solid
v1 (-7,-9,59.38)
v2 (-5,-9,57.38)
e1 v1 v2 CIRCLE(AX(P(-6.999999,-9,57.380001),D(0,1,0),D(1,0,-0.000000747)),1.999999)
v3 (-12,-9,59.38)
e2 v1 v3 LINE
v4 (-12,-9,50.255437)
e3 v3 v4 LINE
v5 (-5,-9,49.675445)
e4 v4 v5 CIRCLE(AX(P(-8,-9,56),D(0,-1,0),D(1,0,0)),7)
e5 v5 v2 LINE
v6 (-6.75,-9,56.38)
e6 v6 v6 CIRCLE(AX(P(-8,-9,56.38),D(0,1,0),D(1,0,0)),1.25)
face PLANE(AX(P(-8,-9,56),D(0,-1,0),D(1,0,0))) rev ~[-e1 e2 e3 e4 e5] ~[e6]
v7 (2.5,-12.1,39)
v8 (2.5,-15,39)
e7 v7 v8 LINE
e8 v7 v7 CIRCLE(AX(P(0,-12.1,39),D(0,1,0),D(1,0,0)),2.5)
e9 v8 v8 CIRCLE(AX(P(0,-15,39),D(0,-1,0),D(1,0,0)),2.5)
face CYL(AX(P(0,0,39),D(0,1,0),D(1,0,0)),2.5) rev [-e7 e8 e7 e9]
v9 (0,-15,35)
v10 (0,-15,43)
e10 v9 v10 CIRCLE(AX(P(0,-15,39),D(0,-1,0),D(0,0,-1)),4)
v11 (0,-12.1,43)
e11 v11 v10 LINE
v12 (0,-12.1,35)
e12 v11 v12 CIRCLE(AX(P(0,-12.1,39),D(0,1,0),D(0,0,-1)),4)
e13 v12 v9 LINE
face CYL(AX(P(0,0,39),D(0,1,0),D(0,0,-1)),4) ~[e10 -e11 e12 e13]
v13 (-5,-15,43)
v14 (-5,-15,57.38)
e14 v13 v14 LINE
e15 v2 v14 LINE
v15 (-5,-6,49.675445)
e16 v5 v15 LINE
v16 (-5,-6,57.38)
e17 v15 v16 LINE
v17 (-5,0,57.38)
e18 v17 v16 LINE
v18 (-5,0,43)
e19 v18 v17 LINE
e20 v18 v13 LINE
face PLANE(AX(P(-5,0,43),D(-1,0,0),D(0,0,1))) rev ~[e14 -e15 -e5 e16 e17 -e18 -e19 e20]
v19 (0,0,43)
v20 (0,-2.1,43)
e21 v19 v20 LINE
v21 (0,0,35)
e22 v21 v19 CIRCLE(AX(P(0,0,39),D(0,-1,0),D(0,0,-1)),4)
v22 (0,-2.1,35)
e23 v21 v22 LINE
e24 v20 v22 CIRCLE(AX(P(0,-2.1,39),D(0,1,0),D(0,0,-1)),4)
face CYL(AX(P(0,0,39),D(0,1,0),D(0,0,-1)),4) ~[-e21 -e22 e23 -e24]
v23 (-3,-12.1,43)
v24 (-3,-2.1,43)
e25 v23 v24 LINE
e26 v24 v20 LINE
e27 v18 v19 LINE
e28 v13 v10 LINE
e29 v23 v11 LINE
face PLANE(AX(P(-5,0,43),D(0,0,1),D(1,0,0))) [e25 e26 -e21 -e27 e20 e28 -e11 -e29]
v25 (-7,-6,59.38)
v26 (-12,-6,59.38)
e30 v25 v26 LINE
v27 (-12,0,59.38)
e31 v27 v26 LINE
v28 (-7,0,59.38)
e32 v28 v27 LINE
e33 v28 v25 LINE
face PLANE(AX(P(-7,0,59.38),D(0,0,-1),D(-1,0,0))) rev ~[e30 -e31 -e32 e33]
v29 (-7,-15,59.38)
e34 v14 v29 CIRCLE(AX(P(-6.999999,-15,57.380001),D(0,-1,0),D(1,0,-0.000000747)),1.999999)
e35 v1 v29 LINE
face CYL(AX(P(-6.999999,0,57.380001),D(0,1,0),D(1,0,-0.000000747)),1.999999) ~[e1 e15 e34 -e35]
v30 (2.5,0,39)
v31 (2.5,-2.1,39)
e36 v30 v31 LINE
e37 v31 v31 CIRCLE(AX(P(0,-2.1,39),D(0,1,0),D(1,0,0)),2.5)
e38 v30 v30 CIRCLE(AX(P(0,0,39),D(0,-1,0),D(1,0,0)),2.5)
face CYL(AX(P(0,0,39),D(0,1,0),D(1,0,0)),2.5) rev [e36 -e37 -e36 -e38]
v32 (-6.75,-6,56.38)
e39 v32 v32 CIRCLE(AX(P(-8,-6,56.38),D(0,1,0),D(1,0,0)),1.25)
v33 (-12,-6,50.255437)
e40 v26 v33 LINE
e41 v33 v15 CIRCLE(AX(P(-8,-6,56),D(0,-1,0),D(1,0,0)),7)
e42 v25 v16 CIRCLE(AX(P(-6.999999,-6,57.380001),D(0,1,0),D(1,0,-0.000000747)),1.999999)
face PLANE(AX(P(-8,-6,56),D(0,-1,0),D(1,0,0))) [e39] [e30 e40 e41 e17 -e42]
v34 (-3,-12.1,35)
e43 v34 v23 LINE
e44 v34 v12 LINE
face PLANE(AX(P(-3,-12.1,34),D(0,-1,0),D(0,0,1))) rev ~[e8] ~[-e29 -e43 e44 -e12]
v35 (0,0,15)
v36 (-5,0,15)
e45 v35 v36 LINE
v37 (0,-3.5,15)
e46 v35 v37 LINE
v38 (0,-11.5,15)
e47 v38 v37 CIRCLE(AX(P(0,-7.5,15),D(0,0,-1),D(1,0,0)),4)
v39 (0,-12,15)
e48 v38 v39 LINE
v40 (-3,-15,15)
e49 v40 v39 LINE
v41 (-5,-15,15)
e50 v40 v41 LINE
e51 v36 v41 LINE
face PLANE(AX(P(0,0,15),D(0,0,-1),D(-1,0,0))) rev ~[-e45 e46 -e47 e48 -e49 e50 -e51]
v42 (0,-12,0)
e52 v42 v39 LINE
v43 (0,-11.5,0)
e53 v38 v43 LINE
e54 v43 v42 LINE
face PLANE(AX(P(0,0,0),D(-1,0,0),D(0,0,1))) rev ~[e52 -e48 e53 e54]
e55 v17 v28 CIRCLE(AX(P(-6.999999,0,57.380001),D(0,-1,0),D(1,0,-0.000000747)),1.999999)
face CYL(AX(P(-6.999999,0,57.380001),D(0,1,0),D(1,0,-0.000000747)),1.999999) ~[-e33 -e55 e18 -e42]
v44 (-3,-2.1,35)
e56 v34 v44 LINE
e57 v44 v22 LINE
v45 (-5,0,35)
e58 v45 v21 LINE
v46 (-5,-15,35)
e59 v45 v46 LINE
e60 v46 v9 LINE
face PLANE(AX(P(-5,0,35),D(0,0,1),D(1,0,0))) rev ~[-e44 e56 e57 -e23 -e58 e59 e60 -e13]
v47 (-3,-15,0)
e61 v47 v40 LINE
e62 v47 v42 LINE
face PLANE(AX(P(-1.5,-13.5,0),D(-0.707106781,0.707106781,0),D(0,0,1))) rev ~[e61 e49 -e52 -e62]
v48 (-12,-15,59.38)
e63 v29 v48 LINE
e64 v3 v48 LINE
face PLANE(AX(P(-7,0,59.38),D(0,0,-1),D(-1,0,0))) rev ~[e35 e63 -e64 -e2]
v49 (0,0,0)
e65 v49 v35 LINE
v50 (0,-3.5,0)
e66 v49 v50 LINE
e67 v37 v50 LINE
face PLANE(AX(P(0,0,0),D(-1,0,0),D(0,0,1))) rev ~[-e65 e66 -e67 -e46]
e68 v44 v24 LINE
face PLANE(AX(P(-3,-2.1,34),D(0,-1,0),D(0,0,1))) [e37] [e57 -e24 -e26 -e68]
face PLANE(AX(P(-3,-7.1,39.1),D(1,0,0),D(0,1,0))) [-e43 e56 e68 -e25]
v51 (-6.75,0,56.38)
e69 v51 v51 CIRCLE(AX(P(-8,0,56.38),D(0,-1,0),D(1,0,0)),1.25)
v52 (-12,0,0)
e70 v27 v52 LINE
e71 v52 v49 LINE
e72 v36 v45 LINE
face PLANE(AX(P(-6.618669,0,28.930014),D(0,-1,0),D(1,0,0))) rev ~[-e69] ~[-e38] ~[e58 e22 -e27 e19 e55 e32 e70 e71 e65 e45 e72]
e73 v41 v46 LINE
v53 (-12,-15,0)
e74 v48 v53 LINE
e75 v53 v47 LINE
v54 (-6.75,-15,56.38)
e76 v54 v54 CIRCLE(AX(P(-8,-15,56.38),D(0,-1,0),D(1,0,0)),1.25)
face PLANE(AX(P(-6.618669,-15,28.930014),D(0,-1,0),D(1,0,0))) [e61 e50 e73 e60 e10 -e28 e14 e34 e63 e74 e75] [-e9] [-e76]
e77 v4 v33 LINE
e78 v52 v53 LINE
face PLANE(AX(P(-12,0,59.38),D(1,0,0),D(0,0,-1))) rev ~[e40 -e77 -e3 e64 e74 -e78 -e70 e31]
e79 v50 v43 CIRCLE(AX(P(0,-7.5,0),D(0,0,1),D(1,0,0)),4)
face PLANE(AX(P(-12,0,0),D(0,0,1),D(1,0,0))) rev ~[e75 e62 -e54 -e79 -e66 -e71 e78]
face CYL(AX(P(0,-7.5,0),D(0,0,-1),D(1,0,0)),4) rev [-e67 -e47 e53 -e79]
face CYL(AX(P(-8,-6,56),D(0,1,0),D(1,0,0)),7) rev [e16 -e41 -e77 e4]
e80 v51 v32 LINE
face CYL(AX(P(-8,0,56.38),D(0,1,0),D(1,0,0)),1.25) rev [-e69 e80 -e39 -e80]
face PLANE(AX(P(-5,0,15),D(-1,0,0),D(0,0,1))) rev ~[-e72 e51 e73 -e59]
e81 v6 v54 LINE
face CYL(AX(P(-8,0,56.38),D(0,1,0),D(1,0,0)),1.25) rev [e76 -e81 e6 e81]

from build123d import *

# Parameters (mm, degrees)
SKETCH009_R       = 2.5
SKETCH009_R_2     = 1.25
PAD007_DEPTH      = 15
CYLINDER002_R     = 4
CYLINDER002_DEPTH = 27
CHAMFER001_SIZE2  = 3
CHAMFER001_SIZE   = 3
BOX_W             = 10
BOX_H             = 10.2
BOX_DEPTH         = 10
CYLINDER003_R     = 7
CYLINDER003_DEPTH = 3


with BuildPart() as part:
    # Sketch009 → Pad007 (new body)
    with BuildSketch(Plane.XZ):
        with BuildLine():
            Line((-12, 59.38), (-12, 0))
            Line((-12, 0), (0, 0))
            Line((0, 0), (0, 15))
            Line((0, 15), (-5, 15))
            Line((-5, 15), (-5, 35))
            Line((-5, 35), (0, 35))
            ThreePointArc((0, 35), (4, 39), (0, 43))
            Line((-5, 43), (0, 43))
            Line((-5, 43), (-5, 57.38))
            ThreePointArc((-5, 57.38), (-5.585786, 58.794214), (-7, 59.38))
            Line((-7, 59.38), (-12, 59.38))
        make_face()
        with Locations((0, 39)):
            Circle(SKETCH009_R, mode=Mode.SUBTRACT)
        with Locations((-8, 56.38)):
            Circle(SKETCH009_R_2, mode=Mode.SUBTRACT)
    extrude(amount=PAD007_DEPTH)

    # Cylinder002 → Cylinder002 (cut)
    with BuildSketch(Plane(origin=(0, -7.5, 0), x_dir=(1, 0, 0), z_dir=(0, 0, 1))):
        Circle(CYLINDER002_R)
    extrude(amount=CYLINDER002_DEPTH, mode=Mode.SUBTRACT)

    # Chamfer001
    chamfer001_edges = [part.edges().sort_by_distance(p)[0] for p in [
        (0, -15, 7.5),
    ]]
    chamfer001_side = part.faces().sort_by_distance((-7.04009, -15, 27.056502))[0]
    chamfer(chamfer001_edges, length=CHAMFER001_SIZE, length2=CHAMFER001_SIZE2, reference=chamfer001_side)

    # Box → Box (cut)
    with BuildSketch(Plane(origin=(-3, -12.1, 34), x_dir=(0, 1, 0), z_dir=(1, 0, 0))):
        with Locations((5, 5.1)):
            Rectangle(BOX_W, BOX_H)
    extrude(amount=BOX_DEPTH, mode=Mode.SUBTRACT)

    # Cylinder003 → Cylinder003 (cut)
    with BuildSketch(Plane(origin=(-8, -6, 56), x_dir=(1, 0, 0), z_dir=(0, -1, 0))):
        Circle(CYLINDER003_R)
    extrude(amount=CYLINDER003_DEPTH, mode=Mode.SUBTRACT)


solid = part.part
